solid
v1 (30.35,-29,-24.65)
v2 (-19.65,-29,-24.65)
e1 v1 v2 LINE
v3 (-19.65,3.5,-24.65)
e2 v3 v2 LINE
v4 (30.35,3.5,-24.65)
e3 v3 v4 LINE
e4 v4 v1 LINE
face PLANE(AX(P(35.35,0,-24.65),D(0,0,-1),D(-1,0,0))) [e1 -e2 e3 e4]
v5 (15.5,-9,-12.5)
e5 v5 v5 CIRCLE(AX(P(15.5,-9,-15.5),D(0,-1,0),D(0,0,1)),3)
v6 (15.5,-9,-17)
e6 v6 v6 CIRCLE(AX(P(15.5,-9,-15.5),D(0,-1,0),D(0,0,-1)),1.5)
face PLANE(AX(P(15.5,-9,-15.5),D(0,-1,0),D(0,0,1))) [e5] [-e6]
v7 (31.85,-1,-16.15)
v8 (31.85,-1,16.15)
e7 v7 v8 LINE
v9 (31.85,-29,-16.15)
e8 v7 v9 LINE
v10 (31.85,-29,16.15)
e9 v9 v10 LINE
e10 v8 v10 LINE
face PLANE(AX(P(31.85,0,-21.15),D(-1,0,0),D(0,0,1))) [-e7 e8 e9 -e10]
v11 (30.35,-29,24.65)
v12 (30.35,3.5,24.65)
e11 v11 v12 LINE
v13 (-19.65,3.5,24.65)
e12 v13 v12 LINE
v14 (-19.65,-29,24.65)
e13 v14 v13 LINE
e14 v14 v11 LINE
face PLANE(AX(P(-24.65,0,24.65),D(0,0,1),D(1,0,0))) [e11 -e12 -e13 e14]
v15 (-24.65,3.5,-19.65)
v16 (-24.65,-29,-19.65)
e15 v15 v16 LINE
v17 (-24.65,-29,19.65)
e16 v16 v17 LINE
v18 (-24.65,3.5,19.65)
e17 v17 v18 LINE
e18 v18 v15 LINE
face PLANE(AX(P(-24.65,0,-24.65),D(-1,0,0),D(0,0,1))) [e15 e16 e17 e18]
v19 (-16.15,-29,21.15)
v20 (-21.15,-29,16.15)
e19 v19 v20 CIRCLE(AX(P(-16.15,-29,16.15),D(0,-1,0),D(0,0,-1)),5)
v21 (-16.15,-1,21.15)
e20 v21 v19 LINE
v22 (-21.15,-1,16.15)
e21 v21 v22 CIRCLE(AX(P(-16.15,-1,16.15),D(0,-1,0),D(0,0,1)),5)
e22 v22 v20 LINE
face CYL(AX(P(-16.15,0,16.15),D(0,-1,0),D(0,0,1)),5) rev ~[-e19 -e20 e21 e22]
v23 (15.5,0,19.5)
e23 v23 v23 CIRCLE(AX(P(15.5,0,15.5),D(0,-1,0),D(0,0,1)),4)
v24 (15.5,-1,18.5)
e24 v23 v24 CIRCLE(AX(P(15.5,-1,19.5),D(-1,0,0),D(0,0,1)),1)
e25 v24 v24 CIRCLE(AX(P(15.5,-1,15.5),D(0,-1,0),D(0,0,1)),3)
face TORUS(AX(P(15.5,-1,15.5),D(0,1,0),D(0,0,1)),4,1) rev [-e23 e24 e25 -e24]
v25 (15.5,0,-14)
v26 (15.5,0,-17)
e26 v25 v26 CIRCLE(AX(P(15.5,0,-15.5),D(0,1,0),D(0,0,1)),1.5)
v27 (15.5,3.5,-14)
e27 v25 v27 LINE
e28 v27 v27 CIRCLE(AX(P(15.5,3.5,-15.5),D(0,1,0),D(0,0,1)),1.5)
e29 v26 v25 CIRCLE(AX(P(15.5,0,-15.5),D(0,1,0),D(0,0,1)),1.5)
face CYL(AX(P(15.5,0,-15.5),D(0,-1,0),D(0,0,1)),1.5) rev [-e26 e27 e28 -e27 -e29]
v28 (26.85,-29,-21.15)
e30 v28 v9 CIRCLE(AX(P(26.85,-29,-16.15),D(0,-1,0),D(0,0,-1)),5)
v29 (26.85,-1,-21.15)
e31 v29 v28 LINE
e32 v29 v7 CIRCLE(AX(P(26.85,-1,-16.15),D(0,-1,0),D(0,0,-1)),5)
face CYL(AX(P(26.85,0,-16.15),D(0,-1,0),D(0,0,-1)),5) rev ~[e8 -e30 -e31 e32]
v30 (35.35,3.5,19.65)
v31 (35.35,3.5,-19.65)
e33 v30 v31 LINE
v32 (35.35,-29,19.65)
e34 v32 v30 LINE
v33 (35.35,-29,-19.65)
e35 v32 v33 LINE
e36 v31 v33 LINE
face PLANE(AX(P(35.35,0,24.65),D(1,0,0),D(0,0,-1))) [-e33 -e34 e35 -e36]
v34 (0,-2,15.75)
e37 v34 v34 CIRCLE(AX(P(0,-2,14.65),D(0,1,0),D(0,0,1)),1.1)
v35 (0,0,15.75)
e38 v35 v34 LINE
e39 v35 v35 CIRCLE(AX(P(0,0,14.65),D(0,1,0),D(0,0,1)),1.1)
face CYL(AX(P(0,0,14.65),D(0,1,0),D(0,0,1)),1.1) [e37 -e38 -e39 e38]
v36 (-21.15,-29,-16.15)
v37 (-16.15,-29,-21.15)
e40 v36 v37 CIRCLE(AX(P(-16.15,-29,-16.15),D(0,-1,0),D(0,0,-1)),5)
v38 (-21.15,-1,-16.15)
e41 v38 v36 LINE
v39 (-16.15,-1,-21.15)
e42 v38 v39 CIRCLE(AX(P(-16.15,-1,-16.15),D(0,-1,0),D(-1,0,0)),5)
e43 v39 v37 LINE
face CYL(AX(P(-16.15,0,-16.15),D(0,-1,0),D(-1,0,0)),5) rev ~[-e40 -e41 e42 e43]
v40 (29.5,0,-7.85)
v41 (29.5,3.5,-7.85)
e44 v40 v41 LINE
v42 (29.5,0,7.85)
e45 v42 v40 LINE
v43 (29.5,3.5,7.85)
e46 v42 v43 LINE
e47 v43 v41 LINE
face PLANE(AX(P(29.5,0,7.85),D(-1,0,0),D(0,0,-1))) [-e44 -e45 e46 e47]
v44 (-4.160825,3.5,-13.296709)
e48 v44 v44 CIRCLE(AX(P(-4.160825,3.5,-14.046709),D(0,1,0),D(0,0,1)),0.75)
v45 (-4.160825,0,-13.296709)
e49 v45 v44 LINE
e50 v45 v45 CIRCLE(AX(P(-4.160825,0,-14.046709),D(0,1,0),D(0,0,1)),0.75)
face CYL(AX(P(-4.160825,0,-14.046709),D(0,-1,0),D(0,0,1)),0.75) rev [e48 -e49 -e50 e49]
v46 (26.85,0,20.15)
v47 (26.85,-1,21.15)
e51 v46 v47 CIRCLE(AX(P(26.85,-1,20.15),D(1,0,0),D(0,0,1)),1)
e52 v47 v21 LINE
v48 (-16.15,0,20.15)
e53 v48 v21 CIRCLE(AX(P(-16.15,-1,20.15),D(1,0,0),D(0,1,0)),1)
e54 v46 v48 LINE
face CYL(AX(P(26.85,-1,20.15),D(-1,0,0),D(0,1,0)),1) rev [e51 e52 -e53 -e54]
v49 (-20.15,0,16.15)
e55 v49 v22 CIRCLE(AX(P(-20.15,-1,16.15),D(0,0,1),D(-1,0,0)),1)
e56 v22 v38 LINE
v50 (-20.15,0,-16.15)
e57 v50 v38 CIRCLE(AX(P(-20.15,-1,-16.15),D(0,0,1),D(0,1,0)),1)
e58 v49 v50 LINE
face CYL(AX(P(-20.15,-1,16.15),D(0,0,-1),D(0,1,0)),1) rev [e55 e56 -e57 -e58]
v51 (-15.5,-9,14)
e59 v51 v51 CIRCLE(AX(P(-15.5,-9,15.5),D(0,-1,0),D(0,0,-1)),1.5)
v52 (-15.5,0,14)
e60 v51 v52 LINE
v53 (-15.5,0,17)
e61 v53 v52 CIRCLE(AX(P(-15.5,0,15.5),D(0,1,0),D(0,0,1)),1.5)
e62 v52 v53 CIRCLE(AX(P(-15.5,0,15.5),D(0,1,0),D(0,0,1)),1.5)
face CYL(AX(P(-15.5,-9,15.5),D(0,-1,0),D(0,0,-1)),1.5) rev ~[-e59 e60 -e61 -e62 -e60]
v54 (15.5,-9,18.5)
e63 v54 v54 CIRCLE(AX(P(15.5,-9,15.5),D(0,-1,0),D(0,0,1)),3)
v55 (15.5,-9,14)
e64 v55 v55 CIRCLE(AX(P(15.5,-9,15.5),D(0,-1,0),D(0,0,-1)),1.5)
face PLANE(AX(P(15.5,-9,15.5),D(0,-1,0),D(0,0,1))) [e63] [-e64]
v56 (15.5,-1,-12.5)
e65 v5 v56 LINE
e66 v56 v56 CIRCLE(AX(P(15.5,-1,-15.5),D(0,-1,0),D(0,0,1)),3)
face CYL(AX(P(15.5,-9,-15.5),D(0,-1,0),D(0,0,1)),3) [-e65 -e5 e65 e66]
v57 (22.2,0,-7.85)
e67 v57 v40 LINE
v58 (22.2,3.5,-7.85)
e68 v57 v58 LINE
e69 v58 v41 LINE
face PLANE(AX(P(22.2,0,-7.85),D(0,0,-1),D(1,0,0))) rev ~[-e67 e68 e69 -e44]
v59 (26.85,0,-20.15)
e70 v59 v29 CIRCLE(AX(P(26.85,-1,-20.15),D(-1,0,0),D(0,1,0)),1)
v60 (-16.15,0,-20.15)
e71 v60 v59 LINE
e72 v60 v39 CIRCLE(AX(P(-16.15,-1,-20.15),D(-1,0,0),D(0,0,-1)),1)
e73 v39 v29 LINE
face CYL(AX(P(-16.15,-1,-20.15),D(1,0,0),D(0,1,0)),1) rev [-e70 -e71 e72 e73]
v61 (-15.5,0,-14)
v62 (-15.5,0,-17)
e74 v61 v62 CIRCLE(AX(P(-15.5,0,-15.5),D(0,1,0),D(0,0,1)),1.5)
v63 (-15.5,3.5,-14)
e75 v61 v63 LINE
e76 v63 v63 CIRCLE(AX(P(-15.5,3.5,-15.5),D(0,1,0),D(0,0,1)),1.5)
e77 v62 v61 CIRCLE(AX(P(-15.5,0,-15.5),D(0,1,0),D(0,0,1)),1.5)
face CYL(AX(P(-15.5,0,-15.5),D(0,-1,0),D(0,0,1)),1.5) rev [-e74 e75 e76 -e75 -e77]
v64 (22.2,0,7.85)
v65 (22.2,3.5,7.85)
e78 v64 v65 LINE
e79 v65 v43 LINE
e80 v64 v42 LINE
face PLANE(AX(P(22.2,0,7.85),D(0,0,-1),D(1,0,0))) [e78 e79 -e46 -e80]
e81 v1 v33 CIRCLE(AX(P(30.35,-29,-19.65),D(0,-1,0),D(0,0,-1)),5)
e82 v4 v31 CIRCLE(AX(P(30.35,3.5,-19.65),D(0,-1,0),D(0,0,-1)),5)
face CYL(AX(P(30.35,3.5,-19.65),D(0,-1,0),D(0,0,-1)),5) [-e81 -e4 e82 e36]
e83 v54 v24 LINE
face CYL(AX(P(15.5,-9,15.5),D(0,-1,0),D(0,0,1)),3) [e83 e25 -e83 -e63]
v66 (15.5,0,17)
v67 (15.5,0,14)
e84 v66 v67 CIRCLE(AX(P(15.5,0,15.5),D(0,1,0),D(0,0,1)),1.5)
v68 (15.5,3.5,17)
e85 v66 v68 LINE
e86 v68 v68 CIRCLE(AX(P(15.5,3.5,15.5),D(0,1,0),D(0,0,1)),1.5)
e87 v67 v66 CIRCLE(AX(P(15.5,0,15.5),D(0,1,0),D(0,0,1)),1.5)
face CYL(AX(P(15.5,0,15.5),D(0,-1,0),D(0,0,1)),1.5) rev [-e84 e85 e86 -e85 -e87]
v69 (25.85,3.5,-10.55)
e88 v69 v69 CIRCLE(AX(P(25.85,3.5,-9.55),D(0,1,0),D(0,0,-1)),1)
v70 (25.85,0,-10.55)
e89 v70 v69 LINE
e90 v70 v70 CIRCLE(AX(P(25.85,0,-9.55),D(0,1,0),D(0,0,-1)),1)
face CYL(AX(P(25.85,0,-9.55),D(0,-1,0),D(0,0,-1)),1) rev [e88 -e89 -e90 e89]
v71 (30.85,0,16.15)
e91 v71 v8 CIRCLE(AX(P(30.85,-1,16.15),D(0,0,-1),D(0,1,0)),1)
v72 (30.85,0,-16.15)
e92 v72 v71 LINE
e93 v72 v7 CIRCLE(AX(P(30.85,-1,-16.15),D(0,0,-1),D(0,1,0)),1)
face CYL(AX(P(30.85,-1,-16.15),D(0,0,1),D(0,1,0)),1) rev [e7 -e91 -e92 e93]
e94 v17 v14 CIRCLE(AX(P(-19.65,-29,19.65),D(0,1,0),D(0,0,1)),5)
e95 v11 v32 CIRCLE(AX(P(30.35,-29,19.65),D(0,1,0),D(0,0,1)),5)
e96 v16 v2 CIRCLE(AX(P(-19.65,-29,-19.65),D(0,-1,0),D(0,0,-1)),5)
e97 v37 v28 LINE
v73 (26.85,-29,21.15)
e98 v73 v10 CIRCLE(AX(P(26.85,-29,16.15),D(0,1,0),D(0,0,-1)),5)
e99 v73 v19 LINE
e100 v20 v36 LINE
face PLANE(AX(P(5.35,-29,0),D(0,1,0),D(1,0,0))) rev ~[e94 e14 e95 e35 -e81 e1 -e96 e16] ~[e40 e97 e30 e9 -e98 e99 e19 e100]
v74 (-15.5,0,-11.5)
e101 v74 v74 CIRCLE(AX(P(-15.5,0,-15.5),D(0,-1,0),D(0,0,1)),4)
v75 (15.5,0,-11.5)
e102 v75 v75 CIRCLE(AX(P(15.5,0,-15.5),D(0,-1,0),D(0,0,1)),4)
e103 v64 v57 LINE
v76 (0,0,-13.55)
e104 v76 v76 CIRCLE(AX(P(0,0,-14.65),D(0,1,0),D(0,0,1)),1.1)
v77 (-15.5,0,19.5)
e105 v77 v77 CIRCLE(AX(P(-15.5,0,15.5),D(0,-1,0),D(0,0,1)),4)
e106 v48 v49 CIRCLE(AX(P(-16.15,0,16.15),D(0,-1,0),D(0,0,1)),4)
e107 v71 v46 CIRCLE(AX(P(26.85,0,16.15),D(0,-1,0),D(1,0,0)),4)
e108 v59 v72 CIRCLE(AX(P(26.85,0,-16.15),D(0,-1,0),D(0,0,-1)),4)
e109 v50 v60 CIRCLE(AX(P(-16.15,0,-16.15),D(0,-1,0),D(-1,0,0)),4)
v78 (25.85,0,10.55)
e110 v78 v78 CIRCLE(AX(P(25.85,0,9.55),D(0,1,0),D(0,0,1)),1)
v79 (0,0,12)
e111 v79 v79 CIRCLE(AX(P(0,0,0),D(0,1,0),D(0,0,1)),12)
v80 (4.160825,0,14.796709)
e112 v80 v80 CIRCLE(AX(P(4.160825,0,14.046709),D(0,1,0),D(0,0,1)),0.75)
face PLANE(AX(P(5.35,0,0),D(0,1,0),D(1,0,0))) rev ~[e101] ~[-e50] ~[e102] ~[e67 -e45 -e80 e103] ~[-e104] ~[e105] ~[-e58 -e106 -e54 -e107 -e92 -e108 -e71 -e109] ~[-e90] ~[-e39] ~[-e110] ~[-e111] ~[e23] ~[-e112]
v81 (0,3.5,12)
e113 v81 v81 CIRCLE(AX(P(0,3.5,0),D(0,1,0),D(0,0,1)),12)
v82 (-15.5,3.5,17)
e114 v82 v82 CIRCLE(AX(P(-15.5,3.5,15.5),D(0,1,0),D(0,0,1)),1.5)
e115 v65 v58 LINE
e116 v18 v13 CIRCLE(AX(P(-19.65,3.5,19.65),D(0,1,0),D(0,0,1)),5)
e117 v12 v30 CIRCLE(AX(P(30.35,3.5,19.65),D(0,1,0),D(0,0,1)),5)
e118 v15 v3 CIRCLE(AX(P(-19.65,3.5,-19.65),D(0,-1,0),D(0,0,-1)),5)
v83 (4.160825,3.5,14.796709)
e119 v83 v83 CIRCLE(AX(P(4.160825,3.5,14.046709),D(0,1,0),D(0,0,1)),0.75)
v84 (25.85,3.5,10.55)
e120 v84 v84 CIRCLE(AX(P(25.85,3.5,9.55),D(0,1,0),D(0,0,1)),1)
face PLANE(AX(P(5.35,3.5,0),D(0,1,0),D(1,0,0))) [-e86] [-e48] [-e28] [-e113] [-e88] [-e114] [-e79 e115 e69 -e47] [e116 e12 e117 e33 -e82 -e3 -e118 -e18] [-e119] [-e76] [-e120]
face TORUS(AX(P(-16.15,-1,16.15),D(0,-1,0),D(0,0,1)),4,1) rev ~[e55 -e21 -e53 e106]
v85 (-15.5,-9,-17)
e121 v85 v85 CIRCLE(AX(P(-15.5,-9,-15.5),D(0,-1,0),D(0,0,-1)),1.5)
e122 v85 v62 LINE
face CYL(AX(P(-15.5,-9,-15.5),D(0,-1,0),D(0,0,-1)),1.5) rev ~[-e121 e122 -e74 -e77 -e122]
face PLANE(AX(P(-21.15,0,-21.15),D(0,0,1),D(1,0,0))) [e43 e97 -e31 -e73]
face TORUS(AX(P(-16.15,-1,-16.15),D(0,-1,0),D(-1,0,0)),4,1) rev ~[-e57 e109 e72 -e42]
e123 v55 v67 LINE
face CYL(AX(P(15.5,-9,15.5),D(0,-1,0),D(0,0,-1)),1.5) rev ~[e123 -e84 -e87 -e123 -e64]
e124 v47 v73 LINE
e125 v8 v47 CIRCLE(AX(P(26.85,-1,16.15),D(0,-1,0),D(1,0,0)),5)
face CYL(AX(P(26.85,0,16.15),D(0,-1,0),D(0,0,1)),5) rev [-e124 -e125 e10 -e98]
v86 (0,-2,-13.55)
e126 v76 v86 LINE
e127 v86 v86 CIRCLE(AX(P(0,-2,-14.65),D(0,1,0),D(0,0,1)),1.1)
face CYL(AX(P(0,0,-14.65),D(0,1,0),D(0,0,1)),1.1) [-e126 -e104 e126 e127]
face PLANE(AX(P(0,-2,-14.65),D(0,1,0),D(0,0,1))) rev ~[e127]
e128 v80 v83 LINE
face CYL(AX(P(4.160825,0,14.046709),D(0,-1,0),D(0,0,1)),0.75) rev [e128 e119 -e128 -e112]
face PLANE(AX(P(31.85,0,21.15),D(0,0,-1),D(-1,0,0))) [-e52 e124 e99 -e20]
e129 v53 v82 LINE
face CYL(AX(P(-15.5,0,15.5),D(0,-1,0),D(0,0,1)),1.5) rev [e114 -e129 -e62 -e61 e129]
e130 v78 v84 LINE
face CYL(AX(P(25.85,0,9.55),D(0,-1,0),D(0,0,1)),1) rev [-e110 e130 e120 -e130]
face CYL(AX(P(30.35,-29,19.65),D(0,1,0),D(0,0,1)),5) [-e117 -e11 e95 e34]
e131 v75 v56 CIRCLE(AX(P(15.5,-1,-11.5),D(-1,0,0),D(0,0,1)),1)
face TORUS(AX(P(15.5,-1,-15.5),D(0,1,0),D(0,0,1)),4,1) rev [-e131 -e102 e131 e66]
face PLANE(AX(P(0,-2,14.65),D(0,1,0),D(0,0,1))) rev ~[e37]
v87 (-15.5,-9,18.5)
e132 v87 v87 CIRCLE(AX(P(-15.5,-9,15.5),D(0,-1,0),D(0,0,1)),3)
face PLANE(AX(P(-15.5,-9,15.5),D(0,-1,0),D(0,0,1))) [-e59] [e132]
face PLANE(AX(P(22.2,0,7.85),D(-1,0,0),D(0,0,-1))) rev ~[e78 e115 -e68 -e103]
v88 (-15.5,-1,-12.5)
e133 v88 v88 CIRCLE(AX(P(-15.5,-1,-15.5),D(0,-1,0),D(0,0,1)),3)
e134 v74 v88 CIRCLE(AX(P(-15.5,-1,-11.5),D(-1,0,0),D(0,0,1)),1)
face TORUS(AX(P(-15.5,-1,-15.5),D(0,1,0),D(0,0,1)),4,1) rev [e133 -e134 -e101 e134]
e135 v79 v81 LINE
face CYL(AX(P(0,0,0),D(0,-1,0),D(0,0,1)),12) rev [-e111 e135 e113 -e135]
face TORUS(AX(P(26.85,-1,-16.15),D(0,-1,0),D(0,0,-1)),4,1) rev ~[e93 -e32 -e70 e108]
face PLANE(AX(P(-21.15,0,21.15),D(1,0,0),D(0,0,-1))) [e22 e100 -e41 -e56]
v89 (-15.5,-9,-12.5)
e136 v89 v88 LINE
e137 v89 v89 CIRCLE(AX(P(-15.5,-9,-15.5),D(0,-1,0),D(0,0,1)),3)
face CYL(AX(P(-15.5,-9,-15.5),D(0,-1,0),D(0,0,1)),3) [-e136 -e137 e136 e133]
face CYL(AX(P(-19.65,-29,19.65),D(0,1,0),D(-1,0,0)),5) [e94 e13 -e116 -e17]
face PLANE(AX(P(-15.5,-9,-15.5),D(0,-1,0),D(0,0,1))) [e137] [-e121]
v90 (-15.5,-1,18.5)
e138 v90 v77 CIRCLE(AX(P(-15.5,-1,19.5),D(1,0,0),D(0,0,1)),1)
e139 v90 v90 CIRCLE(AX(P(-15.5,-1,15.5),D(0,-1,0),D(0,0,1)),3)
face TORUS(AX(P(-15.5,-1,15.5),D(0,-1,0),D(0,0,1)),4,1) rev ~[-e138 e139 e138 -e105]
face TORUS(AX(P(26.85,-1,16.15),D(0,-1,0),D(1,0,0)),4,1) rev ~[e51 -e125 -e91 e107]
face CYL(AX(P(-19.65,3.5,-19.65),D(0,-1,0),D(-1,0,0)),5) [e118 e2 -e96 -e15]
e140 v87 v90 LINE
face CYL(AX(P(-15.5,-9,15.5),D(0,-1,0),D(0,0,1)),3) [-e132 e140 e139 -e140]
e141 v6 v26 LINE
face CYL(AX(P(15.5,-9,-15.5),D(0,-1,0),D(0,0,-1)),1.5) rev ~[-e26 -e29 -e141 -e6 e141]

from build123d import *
from build123d.topology import SkipClean

# Parameters (mm, degrees)
SKETCH1_W           = 60
SKETCH1_H           = 49.3
SKETCH1_R           = 1.5
SKETCH1_R_2         = 0.75
SKETCH1_R_3         = 12
SKETCH1_R_4         = 1
SKETCH1_W_2         = 7.3
SKETCH1_H_2         = 15.7
BOSS_EXTRUDE1_DEPTH = 3.5
BOSS_EXTRUDE2_DEPTH = 29
SKETCH1_4_R         = 1.1
BOSS_EXTRUDE3_DEPTH = 2
FILLET1_R           = 5
BOSS_EXTRUDE4_START = 9
SKETCH2_R           = 3
SKETCH2_R_2         = 1.5
BOSS_EXTRUDE4_DEPTH = 9
FILLET2_R           = 1


with BuildPart() as part:
    # Sketch1 → Boss-Extrude1 (new body)
    with BuildSketch(Plane(origin=(0, 0, 0), x_dir=(1, 0, 0), z_dir=(0, 1, 0))):
        with Locations((5.35, 0)):
            Rectangle(SKETCH1_W, SKETCH1_H)
        with Locations(Location((-15.5, -15.5, 0), (0, 0, 270))):
            Circle(SKETCH1_R, mode=Mode.SUBTRACT)
        with Locations(Location((4.1608248, -14.046709116, 0), (0, 0, 270))):
            Circle(SKETCH1_R_2, mode=Mode.SUBTRACT)
        with Locations(Location((0, 0, 0), (0, 0, 270))):
            Circle(SKETCH1_R_3, mode=Mode.SUBTRACT)
        with Locations(Location((15.5, -15.5, 0), (0, 0, 270))):
            Circle(SKETCH1_R, mode=Mode.SUBTRACT)
        with Locations(Location((25.85, -9.55, 0), (0, 0, 270))):
            Circle(SKETCH1_R_4, mode=Mode.SUBTRACT)
        with Locations(Location((-15.5, 15.5, 0), (0, 0, 270))):
            Circle(SKETCH1_R, mode=Mode.SUBTRACT)
        with Locations(Location((-4.1608248, 14.046709116, 0), (0, 0, 270))):
            Circle(SKETCH1_R_2, mode=Mode.SUBTRACT)
        with Locations((25.85, 0)):
            Rectangle(SKETCH1_W_2, SKETCH1_H_2, mode=Mode.SUBTRACT)
        with Locations(Location((25.85, 9.55, 0), (0, 0, 90))):
            Circle(SKETCH1_R_4, mode=Mode.SUBTRACT)
        with Locations(Location((15.5, 15.5, 0), (0, 0, 270))):
            Circle(SKETCH1_R, mode=Mode.SUBTRACT)
    extrude(amount=BOSS_EXTRUDE1_DEPTH)

    # Sketch1<3> → Boss-Extrude2 (add)
    with BuildSketch(Plane(origin=(0, 0, 0), x_dir=(1, 0, 0), z_dir=(0, 1, 0))):
        Polygon((24.65, 24.65), (-24.65, 24.65), (-24.65, -24.65), (24.65, -24.65), (35.35, -24.65), (35.35, 24.65), align=None)
        Polygon((-21.15, -21.15), (-21.15, 21.15), (21.15, 21.15), (31.85, 21.15), (31.85, -21.15), (21.15, -21.15), align=None, mode=Mode.SUBTRACT)
    extrude(amount=-BOSS_EXTRUDE2_DEPTH)

    # Sketch1<4> → Boss-Extrude3 (add)
    with BuildSketch(Plane(origin=(0, 0, 0), x_dir=(1, 0, 0), z_dir=(0, 1, 0))):
        with Locations(Location((0, 14.65, 0), (0, 0, 270))):
            Circle(SKETCH1_4_R)
        with Locations(Location((0, -14.65, 0), (0, 0, 270))):
            Circle(SKETCH1_4_R)
    extrude(amount=-BOSS_EXTRUDE3_DEPTH)

    # Fillet1
    fillet1_edges = [part.edges().sort_by_distance(p)[0] for p in [
        (35.35, -12.75, 24.65),
        (-24.65, -12.75, 24.65),
        (-24.65, -12.75, -24.65),
        (35.35, -12.75, -24.65),
        (31.85, -14.5, -21.15),
        (-21.15, -14.5, -21.15),
        (-21.15, -14.5, 21.15),
        (31.85, -14.5, 21.15),
    ]]
    fillet(fillet1_edges, radius=FILLET1_R)

    # Sketch2 → Boss-Extrude4 (add)
    # profile 1 of 4: a face of its own
    with SkipClean():  # the faces are left unmerged after this step: merging them gives an invalid solid
        with BuildSketch(Plane.XZ.offset(BOSS_EXTRUDE4_START)):
            with Locations(Location((-15.5, 15.5, 0), (0, 0, 90))):
                Circle(SKETCH2_R)
            with Locations(Location((-15.5, 15.5, 0), (0, 0, 270))):
                Circle(SKETCH2_R_2, mode=Mode.SUBTRACT)
        # profile 2 of 4: a face of its own
        with BuildSketch(Plane.XZ.offset(BOSS_EXTRUDE4_START)):
            with Locations(Location((15.5, 15.5, 0), (0, 0, 90))):
                Circle(SKETCH2_R)
            with Locations(Location((15.5, 15.5, 0), (0, 0, 270))):
                Circle(SKETCH2_R_2, mode=Mode.SUBTRACT)
        # profile 3 of 4: a face of its own
        with BuildSketch(Plane.XZ.offset(BOSS_EXTRUDE4_START)):
            with Locations(Location((15.5, -15.5, 0), (0, 0, 90))):
                Circle(SKETCH2_R)
            with Locations(Location((15.5, -15.5, 0), (0, 0, 270))):
                Circle(SKETCH2_R_2, mode=Mode.SUBTRACT)
        # profile 4 of 4: a face of its own
        with BuildSketch(Plane.XZ.offset(BOSS_EXTRUDE4_START)):
            with Locations(Location((-15.5, -15.5, 0), (0, 0, 90))):
                Circle(SKETCH2_R)
            with Locations(Location((-15.5, -15.5, 0), (0, 0, 270))):
                Circle(SKETCH2_R_2, mode=Mode.SUBTRACT)
        extrude(amount=-BOSS_EXTRUDE4_DEPTH)

    # Fillet2
    fillet2_edges = [part.edges().sort_by_distance(p)[0] for p in [
        (31.85, 0, 0),
        (-21.15, 0, 0),
        (5.35, 0, -21.15),
        (5.35, 0, 21.15),
        (-19.685533906, 0, -19.685533906),
        (-19.685533906, 0, 19.685533906),
        (30.385533906, 0, -19.685533906),
        (30.385533906, 0, 19.685533906),
        (-15.5, 0, 12.5),
        (15.5, 0, 12.5),
        (15.5, 0, -18.5),
        (-15.5, 0, -18.5),
    ]]
    fillet(fillet2_edges, radius=FILLET2_R)


solid = part.part
